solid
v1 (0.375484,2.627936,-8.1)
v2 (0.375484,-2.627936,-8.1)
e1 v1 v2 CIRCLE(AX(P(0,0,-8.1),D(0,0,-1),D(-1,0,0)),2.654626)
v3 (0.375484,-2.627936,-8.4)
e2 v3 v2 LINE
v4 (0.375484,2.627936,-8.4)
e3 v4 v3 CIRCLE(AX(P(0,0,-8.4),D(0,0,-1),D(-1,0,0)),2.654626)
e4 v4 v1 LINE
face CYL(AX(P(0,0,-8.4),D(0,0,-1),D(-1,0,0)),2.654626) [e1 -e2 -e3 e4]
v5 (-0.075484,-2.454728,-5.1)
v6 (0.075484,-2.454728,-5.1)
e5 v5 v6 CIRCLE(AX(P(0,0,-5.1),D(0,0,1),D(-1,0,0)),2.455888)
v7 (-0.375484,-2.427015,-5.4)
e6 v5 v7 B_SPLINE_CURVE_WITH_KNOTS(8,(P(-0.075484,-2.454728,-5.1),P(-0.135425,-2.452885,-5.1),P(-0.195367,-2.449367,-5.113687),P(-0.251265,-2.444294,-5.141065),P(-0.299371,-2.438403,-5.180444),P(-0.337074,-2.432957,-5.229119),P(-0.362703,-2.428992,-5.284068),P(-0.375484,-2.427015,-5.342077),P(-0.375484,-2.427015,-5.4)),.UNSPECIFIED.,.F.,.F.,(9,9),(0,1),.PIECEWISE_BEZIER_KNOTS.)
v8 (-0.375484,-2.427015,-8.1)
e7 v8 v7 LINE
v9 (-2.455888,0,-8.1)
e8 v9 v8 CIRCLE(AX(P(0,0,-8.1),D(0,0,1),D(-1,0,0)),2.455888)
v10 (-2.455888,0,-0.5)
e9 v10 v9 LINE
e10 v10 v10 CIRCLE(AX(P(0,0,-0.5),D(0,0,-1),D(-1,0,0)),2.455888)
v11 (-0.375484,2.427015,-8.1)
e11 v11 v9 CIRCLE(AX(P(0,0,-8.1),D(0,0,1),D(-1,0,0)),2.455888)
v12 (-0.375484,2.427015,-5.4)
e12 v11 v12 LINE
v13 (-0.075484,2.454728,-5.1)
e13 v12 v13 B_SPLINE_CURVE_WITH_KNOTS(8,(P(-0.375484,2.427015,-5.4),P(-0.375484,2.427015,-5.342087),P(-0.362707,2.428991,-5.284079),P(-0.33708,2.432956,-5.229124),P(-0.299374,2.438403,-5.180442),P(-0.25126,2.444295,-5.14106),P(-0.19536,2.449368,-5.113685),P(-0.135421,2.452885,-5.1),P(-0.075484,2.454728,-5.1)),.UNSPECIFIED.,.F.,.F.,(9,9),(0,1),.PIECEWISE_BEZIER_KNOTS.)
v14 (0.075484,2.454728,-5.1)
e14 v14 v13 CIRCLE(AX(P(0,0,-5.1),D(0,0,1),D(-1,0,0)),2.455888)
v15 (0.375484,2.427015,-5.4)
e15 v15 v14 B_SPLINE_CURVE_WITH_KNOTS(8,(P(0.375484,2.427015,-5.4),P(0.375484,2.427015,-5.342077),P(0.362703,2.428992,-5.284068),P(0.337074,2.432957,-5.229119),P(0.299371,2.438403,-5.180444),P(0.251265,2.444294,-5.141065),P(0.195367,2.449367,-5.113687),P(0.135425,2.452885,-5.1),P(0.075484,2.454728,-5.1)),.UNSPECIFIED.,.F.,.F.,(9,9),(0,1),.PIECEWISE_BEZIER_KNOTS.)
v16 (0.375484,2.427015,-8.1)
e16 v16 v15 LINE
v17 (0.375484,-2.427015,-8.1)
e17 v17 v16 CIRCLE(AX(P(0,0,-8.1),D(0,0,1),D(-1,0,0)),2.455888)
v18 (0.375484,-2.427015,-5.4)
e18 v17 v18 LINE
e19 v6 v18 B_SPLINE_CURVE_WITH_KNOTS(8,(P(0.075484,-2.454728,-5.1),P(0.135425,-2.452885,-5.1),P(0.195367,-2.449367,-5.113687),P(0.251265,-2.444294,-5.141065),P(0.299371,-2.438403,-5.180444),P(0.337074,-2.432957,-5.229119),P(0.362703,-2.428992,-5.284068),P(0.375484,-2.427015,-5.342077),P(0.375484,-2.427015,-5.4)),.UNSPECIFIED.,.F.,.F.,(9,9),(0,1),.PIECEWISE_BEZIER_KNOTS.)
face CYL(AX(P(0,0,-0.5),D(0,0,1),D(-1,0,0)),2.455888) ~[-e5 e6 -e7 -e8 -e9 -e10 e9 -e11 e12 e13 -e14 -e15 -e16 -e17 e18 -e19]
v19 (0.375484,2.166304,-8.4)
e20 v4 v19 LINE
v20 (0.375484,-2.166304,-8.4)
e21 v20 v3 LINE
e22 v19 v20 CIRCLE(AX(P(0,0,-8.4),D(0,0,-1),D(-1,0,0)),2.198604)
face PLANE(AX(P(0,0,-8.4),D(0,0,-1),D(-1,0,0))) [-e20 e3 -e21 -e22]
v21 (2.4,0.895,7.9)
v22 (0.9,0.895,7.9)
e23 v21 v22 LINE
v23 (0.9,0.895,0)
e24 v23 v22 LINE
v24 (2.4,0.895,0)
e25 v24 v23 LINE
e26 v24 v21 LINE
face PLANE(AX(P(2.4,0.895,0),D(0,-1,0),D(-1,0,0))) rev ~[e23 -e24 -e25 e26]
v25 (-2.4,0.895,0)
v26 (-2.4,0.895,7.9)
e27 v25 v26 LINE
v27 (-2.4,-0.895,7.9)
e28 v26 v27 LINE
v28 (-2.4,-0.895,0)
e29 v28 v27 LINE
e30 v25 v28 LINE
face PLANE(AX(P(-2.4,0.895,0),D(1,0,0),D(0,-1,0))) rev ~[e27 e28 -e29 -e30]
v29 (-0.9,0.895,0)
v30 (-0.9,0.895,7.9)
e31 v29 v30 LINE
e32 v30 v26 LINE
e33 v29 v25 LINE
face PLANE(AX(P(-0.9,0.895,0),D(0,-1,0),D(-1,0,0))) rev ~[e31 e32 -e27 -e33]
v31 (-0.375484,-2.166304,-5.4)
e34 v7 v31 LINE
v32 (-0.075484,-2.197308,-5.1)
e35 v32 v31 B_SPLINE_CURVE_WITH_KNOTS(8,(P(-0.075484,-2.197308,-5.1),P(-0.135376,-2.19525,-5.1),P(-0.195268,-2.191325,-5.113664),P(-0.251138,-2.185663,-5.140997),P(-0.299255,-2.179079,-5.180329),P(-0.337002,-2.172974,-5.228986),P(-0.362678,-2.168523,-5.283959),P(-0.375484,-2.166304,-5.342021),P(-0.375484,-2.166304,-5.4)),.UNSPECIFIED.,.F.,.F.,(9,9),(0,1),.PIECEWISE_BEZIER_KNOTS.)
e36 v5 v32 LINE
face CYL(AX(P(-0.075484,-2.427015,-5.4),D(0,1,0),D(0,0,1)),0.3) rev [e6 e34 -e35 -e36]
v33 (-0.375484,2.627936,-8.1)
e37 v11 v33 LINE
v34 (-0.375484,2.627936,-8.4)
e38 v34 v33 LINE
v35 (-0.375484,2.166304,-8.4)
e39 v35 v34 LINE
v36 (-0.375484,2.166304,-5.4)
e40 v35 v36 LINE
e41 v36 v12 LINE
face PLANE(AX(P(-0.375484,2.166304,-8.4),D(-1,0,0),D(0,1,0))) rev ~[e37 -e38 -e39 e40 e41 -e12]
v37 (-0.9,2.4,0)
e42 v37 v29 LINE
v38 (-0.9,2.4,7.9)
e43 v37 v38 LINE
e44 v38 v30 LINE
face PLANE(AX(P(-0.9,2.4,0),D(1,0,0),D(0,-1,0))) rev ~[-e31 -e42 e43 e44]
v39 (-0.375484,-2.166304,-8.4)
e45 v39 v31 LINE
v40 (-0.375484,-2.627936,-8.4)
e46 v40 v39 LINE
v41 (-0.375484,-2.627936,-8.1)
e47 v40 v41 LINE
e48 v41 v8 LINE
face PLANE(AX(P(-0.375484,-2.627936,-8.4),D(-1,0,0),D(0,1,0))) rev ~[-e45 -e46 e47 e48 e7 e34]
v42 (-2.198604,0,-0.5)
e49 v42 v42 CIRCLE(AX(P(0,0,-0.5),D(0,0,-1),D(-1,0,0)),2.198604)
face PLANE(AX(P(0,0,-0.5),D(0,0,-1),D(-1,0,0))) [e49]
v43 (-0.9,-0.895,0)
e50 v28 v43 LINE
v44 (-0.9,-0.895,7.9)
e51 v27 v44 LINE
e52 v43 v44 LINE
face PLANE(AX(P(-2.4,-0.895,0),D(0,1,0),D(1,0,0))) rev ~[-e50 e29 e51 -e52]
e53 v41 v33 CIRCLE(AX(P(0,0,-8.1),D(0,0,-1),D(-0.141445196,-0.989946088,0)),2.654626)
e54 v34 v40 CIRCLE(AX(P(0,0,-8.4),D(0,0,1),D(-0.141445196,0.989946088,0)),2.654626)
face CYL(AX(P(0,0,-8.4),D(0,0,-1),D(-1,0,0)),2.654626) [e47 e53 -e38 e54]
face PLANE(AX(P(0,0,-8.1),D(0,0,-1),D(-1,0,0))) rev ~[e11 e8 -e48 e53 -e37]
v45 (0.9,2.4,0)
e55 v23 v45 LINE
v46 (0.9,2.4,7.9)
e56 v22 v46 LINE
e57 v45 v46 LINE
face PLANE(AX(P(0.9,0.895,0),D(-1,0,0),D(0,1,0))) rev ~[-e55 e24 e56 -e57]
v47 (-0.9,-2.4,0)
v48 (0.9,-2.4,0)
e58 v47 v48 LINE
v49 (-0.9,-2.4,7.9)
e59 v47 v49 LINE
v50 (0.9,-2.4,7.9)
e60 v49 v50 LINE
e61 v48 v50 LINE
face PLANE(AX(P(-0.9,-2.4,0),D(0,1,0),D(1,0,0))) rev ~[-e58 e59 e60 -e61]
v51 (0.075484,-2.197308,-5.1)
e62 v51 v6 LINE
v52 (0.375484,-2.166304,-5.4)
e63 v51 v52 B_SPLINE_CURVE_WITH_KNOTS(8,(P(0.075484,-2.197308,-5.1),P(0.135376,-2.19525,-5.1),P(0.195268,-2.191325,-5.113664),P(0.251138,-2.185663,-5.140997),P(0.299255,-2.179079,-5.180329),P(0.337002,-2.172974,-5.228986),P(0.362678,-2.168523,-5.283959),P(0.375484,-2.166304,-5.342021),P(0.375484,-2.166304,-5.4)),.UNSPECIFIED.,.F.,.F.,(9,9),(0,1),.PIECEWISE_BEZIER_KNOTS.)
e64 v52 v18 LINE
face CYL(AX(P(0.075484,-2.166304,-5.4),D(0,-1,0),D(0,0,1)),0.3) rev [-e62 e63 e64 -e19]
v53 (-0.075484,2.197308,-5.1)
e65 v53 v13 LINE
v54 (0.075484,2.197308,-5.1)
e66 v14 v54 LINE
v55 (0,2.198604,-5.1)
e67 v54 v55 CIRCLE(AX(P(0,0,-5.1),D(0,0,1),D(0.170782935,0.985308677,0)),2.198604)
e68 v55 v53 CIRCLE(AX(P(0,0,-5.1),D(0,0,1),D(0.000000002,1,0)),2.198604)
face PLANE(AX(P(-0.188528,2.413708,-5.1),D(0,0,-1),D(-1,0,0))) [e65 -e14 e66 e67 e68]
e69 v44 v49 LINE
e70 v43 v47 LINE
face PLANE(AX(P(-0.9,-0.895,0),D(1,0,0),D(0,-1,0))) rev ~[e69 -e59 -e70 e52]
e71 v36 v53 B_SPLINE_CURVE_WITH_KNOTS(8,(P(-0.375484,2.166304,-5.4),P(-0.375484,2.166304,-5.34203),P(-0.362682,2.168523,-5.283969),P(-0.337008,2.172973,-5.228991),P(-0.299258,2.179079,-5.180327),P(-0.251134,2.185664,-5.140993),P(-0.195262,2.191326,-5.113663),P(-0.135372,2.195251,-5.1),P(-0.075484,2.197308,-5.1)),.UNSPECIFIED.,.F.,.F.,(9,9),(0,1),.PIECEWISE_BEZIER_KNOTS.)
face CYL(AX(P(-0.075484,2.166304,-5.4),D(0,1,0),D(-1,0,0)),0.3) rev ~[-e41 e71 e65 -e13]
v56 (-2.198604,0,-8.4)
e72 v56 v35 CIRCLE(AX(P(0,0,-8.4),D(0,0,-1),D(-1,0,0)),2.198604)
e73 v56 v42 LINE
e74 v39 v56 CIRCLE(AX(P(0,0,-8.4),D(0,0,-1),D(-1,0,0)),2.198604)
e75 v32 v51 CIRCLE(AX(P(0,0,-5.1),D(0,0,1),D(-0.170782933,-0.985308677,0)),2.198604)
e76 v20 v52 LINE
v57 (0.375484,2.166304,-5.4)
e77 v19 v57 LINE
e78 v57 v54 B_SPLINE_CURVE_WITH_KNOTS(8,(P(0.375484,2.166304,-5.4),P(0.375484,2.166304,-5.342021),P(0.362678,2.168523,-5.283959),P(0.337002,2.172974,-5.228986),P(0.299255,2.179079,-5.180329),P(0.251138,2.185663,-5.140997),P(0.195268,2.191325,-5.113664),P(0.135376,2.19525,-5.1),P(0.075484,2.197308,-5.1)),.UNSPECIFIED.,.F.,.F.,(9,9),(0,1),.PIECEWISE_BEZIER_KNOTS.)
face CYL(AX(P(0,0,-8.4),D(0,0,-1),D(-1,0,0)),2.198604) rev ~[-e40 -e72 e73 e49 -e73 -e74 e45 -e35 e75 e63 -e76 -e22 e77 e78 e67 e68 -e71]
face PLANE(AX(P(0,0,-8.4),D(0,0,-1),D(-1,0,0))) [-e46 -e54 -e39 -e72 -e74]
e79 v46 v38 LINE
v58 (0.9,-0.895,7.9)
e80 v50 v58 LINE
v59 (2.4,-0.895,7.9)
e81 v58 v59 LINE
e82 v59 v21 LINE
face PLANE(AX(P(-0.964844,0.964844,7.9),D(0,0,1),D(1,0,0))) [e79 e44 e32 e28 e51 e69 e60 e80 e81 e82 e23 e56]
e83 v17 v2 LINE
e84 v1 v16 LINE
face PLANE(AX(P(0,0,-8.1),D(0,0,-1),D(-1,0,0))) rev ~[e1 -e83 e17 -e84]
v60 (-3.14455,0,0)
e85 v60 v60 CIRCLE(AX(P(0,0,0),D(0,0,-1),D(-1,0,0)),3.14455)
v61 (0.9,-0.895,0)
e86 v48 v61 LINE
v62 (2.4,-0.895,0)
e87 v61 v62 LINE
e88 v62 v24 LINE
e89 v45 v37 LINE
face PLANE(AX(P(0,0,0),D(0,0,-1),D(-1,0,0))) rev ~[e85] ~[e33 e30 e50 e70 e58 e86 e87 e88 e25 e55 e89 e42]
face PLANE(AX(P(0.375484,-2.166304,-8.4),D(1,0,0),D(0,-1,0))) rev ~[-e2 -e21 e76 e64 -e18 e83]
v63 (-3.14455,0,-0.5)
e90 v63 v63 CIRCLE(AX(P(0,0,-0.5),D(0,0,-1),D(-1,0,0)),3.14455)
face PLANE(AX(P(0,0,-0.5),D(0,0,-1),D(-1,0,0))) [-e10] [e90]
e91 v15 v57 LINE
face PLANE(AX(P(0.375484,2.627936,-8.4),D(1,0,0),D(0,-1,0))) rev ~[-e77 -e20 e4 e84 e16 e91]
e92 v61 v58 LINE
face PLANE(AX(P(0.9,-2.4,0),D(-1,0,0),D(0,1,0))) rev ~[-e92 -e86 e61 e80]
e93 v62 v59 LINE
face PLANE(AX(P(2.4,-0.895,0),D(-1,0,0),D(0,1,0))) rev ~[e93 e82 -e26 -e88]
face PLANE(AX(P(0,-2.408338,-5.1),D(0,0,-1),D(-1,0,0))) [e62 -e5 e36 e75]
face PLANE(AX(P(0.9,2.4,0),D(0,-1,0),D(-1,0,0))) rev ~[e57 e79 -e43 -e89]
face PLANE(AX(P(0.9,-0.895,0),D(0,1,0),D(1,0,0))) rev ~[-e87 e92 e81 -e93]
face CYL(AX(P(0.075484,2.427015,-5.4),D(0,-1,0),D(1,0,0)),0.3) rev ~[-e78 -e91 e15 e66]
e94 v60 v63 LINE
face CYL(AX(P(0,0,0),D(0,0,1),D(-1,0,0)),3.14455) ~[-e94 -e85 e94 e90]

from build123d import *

# Parameters (mm, degrees)
BOSS_EXTRUDE1_DEPTH = 7.9
SKETCH2_R           = 3.144549921
BOSS_EXTRUDE3_DEPTH = 0.5
SKETCH3_R           = 2.455888386
BOSS_EXTRUDE4_DEPTH = 7.9
SKETCH4_R           = 2.65462565
BOSS_EXTRUDE5_DEPTH = 0.3
SKETCH5_R           = 2.198604039
CUT_EXTRUDE1_DEPTH  = 7.9
CUT_EXTRUDE2_DEPTH  = 3.3
FILLET1_R           = 0.3


with BuildPart() as part:
    # Sketch1 → Boss-Extrude1 (new body)
    with BuildSketch(Plane.XY):
        Polygon((-2.4, 0.895), (-2.4, 0), (0, 0), (0, 2.4), (-0.9, 2.4), (-0.9, 0.895), align=None)
        Polygon((0, 0), (-2.4, 0), (-2.4, -0.895), (-0.9, -0.895), (-0.9, -2.4), (0, -2.4), align=None)
        Polygon((0, 2.4), (0, 0), (2.4, 0), (2.4, 0.895), (0.9, 0.895), (0.9, 2.4), align=None)
        Polygon((2.4, 0), (0, 0), (0, -2.4), (0.9, -2.4), (0.9, -0.895), (2.4, -0.895), align=None)
    extrude(amount=BOSS_EXTRUDE1_DEPTH)

    # Sketch2 → Boss-Extrude3 (add)
    with BuildSketch(Plane(origin=(0, 0, 0), x_dir=(-1, 0, 0), z_dir=(0, 0, -1))):
        Circle(SKETCH2_R)
    extrude(amount=BOSS_EXTRUDE3_DEPTH)

    # Sketch3 → Boss-Extrude4 (add)
    with BuildSketch(Plane(origin=(0, 0, -0.5), x_dir=(-1, 0, 0), z_dir=(0, 0, -1))):
        Circle(SKETCH3_R)
    extrude(amount=BOSS_EXTRUDE4_DEPTH)

    # Sketch4 → Boss-Extrude5 (add)
    with BuildSketch(Plane(origin=(0, 0, -8.4), x_dir=(-1, 0, 0), z_dir=(0, 0, -1))):
        Circle(SKETCH4_R)
    extrude(amount=-BOSS_EXTRUDE5_DEPTH)

    # Sketch5 → Cut-Extrude1 (cut)
    with BuildSketch(Plane(origin=(0, 0, -8.4), x_dir=(-1, 0, 0), z_dir=(0, 0, -1))):
        Circle(SKETCH5_R)
    extrude(amount=-CUT_EXTRUDE1_DEPTH, mode=Mode.SUBTRACT)

    # Sketch6 → Cut-Extrude2 (cut)
    with BuildSketch(Plane(origin=(0, 0, -8.4), x_dir=(-1, 0, 0), z_dir=(0, 0, -1))):
        with BuildLine():
            Line((0.375484044, 2.166303638), (0.375484044, 2.627936276))
            ThreePointArc((0.375484044, 2.627936276), (0.188215694, 2.6479449), (0, 2.65462565))
            Line((0, 2.65462565), (0, 2.198604039))
            ThreePointArc((0, 2.198604039), (0.188435389, 2.190514055), (0.375484044, 2.166303638))
        make_face()
        with BuildLine():
            Line((0, 2.198604039), (0, 2.65462565))
            ThreePointArc((0, 2.65462565), (-0.188215694, 2.6479449), (-0.375484044, 2.627936276))
            Line((-0.375484044, 2.627936276), (-0.375484044, 2.166303638))
            ThreePointArc((-0.375484044, 2.166303638), (-0.188435389, 2.190514055), (0, 2.198604039))
        make_face()
        with BuildLine():
            ThreePointArc((0, -2.65462565), (0.188215694, -2.6479449), (0.375484044, -2.627936276))
            Line((0.375484044, -2.627936276), (0.375484044, -2.166303638))
            ThreePointArc((0.375484044, -2.166303638), (0, -2.198604039), (-0.375484044, -2.166303638))
            Line((-0.375484044, -2.166303638), (-0.375484044, -2.627936276))
            ThreePointArc((-0.375484044, -2.627936276), (-0.188215694, -2.6479449), (0, -2.65462565))
        make_face()
    extrude(amount=-CUT_EXTRUDE2_DEPTH, mode=Mode.SUBTRACT)

    # Fillet1
    fillet1_edges = [part.edges().sort_by_distance(p)[0] for p in [
        (0.375484044, 2.296659081, -5.1),
        (-0.375484044, 2.296659081, -5.1),
        (-0.375484044, -2.296659081, -5.1),
        (0.375484044, -2.296659081, -5.1),
    ]]
    fillet(fillet1_edges, radius=FILLET1_R)


solid = part.part
